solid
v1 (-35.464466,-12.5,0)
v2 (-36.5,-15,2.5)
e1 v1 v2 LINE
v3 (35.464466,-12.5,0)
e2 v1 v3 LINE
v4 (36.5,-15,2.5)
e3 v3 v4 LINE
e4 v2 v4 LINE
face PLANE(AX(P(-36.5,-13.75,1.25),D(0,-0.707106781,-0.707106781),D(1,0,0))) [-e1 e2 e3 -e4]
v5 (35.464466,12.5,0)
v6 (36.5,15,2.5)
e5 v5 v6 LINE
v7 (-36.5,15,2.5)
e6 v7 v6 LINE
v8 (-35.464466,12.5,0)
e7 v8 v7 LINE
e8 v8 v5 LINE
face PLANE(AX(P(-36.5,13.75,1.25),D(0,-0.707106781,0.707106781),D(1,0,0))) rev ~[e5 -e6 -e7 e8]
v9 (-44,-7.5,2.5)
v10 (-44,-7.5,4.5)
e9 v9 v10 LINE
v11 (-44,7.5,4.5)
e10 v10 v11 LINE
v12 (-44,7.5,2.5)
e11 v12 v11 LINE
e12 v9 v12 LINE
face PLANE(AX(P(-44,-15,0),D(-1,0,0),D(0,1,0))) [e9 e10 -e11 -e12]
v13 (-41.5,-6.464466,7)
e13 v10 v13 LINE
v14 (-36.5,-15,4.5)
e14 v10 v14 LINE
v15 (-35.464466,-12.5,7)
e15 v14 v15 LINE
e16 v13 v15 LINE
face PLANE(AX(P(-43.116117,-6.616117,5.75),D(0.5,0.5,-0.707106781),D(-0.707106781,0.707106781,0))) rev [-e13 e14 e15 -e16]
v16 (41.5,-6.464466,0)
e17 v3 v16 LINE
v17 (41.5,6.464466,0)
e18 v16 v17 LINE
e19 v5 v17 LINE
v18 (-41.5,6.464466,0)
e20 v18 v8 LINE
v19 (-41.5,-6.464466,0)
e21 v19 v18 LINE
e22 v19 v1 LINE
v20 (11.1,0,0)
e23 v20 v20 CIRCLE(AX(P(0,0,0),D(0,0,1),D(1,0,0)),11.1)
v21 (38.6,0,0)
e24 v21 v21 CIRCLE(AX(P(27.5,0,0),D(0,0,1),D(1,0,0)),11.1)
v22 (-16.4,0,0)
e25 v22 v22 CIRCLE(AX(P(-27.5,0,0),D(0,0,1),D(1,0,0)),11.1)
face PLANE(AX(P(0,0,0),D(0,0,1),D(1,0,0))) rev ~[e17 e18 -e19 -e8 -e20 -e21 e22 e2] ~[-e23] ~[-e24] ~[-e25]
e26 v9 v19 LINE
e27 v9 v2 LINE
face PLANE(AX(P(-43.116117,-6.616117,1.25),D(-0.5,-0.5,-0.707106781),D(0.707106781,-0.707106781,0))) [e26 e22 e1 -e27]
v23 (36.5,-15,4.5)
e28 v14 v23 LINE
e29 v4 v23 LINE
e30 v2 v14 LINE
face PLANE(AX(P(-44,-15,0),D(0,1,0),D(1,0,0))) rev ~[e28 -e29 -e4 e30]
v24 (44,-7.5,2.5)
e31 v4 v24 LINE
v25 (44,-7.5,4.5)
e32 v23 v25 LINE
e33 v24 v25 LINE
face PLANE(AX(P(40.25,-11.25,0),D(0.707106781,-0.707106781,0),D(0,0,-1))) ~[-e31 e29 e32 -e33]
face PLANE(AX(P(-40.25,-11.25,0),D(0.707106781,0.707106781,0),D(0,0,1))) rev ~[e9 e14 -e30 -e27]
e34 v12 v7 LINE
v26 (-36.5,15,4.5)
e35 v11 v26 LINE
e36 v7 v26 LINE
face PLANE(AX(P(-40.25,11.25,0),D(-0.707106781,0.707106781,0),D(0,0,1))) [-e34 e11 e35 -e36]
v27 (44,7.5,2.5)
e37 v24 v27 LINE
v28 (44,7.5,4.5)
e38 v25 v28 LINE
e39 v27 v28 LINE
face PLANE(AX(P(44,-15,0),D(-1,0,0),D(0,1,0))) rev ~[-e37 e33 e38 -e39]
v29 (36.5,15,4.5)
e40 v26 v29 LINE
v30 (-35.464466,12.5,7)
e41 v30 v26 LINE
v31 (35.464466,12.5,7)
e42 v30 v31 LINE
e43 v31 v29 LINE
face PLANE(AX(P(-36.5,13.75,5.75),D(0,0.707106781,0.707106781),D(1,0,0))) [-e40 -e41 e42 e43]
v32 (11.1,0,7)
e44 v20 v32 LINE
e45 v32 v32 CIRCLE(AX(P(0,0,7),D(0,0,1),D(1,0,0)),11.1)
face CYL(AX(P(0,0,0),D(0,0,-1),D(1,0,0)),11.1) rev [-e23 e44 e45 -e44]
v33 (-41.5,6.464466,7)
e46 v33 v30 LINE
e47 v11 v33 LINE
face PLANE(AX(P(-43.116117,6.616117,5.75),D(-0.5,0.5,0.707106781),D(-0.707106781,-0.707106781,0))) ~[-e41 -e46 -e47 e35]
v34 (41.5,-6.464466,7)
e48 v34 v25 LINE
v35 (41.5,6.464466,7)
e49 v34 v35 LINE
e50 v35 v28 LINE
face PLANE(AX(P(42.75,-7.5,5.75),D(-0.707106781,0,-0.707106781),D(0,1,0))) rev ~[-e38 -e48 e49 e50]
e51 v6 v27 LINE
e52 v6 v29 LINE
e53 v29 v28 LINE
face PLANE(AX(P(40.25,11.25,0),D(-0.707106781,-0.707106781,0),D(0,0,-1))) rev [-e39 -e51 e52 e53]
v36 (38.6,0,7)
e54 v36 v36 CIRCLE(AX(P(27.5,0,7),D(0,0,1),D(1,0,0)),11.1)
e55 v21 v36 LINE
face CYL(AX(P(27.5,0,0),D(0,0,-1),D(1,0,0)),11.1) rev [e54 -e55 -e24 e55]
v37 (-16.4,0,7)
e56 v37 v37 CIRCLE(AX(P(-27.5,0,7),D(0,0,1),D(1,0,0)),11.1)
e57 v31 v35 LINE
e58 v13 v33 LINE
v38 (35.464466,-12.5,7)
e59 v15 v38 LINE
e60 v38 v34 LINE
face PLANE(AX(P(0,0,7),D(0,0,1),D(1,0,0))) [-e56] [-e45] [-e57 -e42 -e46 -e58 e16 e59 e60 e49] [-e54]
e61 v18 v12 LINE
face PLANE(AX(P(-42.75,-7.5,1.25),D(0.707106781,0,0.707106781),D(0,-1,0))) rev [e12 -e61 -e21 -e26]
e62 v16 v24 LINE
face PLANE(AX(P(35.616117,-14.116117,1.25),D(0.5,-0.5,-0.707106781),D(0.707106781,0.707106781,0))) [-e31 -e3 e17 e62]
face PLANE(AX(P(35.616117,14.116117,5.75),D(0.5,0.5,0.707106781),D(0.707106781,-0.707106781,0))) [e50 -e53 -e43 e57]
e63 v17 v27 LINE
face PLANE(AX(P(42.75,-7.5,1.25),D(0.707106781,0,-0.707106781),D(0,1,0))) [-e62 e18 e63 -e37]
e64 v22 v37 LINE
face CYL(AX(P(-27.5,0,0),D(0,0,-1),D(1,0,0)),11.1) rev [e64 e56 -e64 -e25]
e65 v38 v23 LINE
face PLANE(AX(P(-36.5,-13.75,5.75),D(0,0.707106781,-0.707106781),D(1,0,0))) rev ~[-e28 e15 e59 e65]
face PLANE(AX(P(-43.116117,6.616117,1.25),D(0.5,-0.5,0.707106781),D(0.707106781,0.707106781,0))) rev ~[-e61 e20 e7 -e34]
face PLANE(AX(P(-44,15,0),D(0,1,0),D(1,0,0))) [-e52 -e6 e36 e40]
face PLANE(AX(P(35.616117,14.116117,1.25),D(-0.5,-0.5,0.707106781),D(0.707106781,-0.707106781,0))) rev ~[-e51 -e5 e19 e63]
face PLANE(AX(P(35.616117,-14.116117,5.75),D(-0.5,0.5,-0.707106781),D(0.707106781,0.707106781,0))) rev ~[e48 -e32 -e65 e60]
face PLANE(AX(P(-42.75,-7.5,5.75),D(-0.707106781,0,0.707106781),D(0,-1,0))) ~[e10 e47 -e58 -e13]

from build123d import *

# Parameters (mm, degrees)
F0_W     = 88
F0_H     = 30
F0_R     = 11.1
F1_DEPTH = 7
F2_SIZE  = 7.5
F3_SIZE  = 2.5


with BuildPart() as f1:
    # F0 (on Top) → F1 (new body)
    with BuildSketch(Plane.XY):
        Rectangle(F0_W, F0_H)
        with Locations((-27.5, 0)):
            Circle(F0_R, mode=Mode.SUBTRACT)
        Circle(F0_R, mode=Mode.SUBTRACT)
        with Locations((27.5, 0)):
            Circle(F0_R, mode=Mode.SUBTRACT)
    extrude(amount=F1_DEPTH)

    # F2
    f2_edges = [f1.edges().sort_by_distance(p)[0] for p in [
        (-44, -15, 3.5),
        (-44, 15, 3.5),
        (44, 15, 3.5),
        (44, -15, 3.5),
    ]]
    chamfer(f2_edges, length=F2_SIZE)

    # F3
    f3_edges = [f1.edges().sort_by_distance(p)[0] for p in [
        (0, 15, 7),
        (-40.25, 11.25, 7),
        (-44, 0, 7),
        (-40.25, -11.25, 7),
        (0, -15, 7),
        (40.25, -11.25, 7),
        (44, 0, 7),
        (40.25, 11.25, 7),
        (0, 15, 0),
        (-40.25, 11.25, 0),
        (-44, 0, 0),
        (-40.25, -11.25, 0),
        (0, -15, 0),
        (40.25, -11.25, 0),
        (44, 0, 0),
        (40.25, 11.25, 0),
    ]]
    chamfer(f3_edges, length=F3_SIZE)


solid = f1.part
